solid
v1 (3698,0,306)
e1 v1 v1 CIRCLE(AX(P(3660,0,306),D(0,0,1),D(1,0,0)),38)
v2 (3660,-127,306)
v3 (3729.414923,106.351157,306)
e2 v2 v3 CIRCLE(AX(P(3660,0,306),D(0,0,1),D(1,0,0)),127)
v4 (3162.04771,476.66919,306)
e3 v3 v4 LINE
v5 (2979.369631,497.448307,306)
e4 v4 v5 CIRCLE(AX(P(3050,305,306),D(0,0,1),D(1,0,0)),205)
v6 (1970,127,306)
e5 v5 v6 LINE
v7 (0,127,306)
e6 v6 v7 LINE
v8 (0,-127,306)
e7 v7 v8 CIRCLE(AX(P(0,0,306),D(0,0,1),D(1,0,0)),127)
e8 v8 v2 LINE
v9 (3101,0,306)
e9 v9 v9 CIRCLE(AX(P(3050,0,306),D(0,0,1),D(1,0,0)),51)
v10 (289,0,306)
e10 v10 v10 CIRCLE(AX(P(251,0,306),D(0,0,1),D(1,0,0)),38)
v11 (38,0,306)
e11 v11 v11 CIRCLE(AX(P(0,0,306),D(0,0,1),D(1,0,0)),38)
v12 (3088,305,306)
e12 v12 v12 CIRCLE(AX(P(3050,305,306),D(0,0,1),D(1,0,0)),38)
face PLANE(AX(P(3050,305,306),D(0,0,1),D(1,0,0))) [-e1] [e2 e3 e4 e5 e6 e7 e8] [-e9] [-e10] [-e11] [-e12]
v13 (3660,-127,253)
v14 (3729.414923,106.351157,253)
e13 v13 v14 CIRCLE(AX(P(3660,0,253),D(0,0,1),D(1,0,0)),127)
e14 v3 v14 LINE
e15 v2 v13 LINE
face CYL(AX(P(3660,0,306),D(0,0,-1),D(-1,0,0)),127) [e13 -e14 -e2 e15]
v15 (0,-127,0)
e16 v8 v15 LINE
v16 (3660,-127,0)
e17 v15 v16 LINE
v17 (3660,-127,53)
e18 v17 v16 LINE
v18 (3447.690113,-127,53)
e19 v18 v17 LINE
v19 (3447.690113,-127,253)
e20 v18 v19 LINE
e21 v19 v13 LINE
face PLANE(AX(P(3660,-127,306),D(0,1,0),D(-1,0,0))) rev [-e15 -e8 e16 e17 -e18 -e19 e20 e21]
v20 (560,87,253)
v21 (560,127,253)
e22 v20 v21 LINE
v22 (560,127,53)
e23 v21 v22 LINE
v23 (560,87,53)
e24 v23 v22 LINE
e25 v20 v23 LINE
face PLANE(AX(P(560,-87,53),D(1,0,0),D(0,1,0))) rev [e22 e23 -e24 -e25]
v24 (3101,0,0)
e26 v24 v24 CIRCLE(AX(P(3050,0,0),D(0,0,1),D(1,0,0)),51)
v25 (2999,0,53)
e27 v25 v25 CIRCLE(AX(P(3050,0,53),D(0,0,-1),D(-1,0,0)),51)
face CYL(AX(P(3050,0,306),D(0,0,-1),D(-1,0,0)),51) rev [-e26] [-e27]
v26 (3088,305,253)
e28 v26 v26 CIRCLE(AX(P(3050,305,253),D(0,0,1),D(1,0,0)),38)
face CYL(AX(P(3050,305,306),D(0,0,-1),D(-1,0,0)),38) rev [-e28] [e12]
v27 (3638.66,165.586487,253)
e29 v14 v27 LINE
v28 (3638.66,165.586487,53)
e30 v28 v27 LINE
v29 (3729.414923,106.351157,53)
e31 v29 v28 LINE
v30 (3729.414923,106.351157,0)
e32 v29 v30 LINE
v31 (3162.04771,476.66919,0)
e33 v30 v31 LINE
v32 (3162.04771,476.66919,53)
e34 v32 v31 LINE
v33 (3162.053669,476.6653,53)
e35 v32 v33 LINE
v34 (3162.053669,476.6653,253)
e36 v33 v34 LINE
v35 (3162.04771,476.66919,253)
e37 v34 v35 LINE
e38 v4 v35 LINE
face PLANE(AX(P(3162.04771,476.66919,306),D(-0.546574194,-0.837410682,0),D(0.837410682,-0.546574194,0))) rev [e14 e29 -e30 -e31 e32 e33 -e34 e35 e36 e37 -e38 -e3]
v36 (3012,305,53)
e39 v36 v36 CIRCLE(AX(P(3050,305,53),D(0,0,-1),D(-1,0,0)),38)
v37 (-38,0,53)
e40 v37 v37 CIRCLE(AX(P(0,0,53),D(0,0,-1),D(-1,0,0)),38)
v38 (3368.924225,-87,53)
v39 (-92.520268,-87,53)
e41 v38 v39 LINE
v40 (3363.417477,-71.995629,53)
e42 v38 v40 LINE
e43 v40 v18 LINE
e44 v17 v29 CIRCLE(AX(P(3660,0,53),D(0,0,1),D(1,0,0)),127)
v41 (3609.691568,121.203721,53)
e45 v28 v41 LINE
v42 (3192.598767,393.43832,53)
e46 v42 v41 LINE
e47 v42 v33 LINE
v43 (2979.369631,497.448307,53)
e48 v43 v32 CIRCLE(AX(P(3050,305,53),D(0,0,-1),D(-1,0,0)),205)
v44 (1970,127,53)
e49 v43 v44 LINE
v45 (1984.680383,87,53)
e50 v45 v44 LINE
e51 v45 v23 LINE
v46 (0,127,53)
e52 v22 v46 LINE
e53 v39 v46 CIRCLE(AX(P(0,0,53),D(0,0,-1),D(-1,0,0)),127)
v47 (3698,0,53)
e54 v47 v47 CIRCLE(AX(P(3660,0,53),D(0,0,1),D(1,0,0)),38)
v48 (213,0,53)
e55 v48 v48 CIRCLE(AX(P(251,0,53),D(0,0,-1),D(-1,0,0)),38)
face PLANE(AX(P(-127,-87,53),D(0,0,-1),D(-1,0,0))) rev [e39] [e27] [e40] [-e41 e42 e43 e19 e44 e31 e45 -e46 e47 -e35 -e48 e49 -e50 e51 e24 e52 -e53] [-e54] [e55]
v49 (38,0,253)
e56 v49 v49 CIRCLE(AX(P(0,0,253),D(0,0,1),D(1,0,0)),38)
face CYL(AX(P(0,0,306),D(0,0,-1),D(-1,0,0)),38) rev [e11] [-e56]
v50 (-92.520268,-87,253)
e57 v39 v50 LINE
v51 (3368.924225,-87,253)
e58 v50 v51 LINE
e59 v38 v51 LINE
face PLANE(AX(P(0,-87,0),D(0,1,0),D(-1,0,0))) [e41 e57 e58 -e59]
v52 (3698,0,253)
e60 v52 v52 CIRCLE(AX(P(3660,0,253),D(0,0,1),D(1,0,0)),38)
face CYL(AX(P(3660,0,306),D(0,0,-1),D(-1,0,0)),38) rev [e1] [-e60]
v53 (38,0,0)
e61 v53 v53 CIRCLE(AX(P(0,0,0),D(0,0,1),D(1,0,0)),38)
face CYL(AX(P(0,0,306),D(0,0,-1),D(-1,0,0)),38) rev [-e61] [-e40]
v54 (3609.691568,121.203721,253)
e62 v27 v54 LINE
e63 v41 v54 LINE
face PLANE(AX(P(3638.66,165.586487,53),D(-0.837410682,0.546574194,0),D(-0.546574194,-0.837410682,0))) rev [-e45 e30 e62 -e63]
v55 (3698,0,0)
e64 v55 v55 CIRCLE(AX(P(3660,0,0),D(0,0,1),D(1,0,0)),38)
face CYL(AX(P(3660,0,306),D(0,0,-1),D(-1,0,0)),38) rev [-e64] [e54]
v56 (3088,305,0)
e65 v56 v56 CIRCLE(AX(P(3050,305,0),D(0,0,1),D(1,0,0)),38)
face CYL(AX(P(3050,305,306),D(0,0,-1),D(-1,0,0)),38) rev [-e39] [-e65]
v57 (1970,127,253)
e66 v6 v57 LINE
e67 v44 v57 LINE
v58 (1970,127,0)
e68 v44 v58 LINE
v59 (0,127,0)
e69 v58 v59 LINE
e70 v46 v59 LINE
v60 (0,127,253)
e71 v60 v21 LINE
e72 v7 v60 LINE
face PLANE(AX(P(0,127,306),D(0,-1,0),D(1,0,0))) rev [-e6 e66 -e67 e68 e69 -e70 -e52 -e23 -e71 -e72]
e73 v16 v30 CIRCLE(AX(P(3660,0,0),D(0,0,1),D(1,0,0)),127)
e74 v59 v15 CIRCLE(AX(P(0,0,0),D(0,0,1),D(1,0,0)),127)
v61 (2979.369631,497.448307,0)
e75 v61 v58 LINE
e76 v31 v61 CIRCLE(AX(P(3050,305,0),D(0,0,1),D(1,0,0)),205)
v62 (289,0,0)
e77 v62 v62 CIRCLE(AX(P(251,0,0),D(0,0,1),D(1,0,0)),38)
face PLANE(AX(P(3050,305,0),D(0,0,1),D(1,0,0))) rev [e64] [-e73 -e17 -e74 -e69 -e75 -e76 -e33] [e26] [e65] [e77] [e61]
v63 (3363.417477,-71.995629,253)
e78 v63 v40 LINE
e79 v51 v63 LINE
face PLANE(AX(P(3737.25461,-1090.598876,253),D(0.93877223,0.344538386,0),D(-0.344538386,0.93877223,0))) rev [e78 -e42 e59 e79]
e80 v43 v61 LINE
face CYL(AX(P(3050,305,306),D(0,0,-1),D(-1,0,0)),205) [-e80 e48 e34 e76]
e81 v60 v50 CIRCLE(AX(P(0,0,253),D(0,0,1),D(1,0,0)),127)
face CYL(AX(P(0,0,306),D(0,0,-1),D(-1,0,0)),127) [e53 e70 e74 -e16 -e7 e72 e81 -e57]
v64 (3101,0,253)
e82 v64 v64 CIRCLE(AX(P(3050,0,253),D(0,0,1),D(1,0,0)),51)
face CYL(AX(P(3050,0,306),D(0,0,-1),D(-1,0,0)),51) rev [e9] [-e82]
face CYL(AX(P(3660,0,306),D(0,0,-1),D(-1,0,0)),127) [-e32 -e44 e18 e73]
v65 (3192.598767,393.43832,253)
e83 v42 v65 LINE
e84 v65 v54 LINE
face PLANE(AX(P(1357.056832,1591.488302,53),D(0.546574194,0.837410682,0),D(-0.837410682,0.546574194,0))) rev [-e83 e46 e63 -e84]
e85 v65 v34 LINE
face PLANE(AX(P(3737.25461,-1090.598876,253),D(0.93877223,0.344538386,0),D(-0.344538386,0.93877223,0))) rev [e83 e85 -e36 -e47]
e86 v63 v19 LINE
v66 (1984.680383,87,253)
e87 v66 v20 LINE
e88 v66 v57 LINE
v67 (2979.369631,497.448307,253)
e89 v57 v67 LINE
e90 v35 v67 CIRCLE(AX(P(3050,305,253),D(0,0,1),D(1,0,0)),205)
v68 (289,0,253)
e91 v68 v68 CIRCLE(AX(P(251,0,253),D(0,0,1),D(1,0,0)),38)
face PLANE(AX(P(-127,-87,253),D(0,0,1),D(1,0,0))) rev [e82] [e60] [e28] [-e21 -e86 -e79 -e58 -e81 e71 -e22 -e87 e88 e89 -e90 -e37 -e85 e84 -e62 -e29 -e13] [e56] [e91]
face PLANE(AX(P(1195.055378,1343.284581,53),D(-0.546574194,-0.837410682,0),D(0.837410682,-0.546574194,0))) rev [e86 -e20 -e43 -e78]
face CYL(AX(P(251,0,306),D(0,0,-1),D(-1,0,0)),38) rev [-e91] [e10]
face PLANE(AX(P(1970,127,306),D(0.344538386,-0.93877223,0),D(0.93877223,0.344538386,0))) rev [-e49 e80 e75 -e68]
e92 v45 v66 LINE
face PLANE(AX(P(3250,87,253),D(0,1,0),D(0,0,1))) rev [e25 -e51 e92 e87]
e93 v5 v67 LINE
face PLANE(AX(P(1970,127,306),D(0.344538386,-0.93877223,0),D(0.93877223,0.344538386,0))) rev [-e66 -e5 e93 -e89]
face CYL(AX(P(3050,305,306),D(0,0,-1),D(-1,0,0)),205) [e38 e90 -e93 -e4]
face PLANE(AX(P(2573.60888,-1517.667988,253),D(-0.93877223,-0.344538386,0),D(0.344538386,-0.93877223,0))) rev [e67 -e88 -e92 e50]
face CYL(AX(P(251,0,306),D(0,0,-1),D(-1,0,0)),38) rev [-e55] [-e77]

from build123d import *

# Parameters (mm, degrees)
SKETCH1_R           = 38
SKETCH1_R_2         = 51
BOSS_EXTRUDE1_DEPTH = 306
SKETCH2_W           = 687
SKETCH2_H           = 200
CUT_EXTRUDE1_DEPTH  = 214
CUT_EXTRUDE2_START  = -53
SKETCH3_R           = 38
CUT_EXTRUDE2_DEPTH  = 200
SKETCH4_W           = 200
SKETCH4_H           = 174
CUT_EXTRUDE3_DEPTH  = 2690
CUT_EXTRUDE4_REACH  = 866.474
SKETCH5_W           = 1239.54
SKETCH5_H           = 200
SKETCH6_W           = 200
SKETCH6_H           = 296.394261921
CUT_EXTRUDE5_DEPTH  = 2690


with BuildPart() as part:
    # Sketch1 → Boss-Extrude1 (new body)
    with BuildSketch(Plane.XY):
        with BuildLine():
            Line((0, 127), (1970, 127))
            Line((1970, 127), (2979.369630846, 497.448307224))
            ThreePointArc((2979.369630846, 497.448307224), (3073.168771089, 508.686543606), (3162.047709692, 476.669189876))
            Line((3162.047709692, 476.669189876), (3729.41492259, 106.351156655))
            ThreePointArc((3729.41492259, 106.351156655), (3781.728379795, -36.210517152), (3660, -127))
            Line((3660, -127), (0, -127))
            ThreePointArc((0, -127), (-127, 0), (0, 127))
        make_face()
        Circle(SKETCH1_R, mode=Mode.SUBTRACT)
        with Locations((3660, 0)):
            Circle(SKETCH1_R, mode=Mode.SUBTRACT)
        with Locations((3050, 0)):
            Circle(SKETCH1_R_2, mode=Mode.SUBTRACT)
        with Locations((3050, 305)):
            Circle(SKETCH1_R, mode=Mode.SUBTRACT)
        with Locations((251, 0)):
            Circle(SKETCH1_R, mode=Mode.SUBTRACT)
    extrude(amount=BOSS_EXTRUDE1_DEPTH)

    # Sketch2 → Cut-Extrude1 (cut)
    with BuildSketch(Plane(origin=(0, 127, 0), x_dir=(1, 0, 0), z_dir=(0, 1, 0))):
        with Locations((216.5, -153)):
            Rectangle(SKETCH2_W, SKETCH2_H)
    extrude(amount=-CUT_EXTRUDE1_DEPTH, mode=Mode.SUBTRACT)

    # Sketch3 → Cut-Extrude2 (cut)
    with BuildSketch(Plane.XY.offset(306).offset(CUT_EXTRUDE2_START)):
        with BuildLine():
            Line((3729.41492259, 106.351156655), (3638.66, 165.586487274))
            Line((3638.66, 165.586487274), (3447.690113035, -127))
            Line((3447.690113035, -127), (3660, -127))
            ThreePointArc((3660, -127), (3781.728379795, -36.210517152), (3729.41492259, 106.351156655))
        make_face()
        with Locations((3660, 0)):
            Circle(SKETCH3_R, mode=Mode.SUBTRACT)
    extrude(amount=-CUT_EXTRUDE2_DEPTH, mode=Mode.SUBTRACT)

    # Sketch4 → Cut-Extrude3 (cut)
    with BuildSketch(Plane.ZY.offset(-560)):
        with Locations((153, 0)):
            Rectangle(SKETCH4_W, SKETCH4_H)
    extrude(amount=-CUT_EXTRUDE3_DEPTH, mode=Mode.SUBTRACT)

    # Cut-Extrude4: up to this face of the body (flat: up to its plane)
    cut_extrude4_end = Plane(part.part.faces().sort_by_distance((1578.739865975, -87, 153))[0])
    # Sketch5 → Cut-Extrude4 (cut, up to the picked face)
    with BuildSketch(Plane(origin=(192.774928242, -525.258597117, 0), x_dir=(0.93877223, 0.344538386, 0), z_dir=(-0.344538386, 0.93877223, 0)), mode=Mode.PRIVATE) as cut_extrude4_sk1:
        with Locations((2512.907668844, -153)):
            Rectangle(SKETCH5_W, SKETCH5_H)
    cut_extrude4_tool1 = split(extrude(cut_extrude4_sk1.sketch, amount=-CUT_EXTRUDE4_REACH, mode=Mode.PRIVATE), bisect_by=cut_extrude4_end, keep=Keep.BOTH, mode=Mode.PRIVATE)
    add(cut_extrude4_tool1.solids().sort_by_distance((2551.822865, 340.534556, 153))[0], mode=Mode.SUBTRACT)

    # Sketch6 → Cut-Extrude5 (cut)
    with BuildSketch(Plane(origin=(2475.844419588, -1615.972539797, 0), x_dir=(0, 0, -1), z_dir=(0.837410682, -0.546574194, 0))):
        with Locations((-153, 1926.264417691)):
            Rectangle(SKETCH6_W, SKETCH6_H)
    extrude(amount=-CUT_EXTRUDE5_DEPTH, mode=Mode.SUBTRACT)


solid = part.part
